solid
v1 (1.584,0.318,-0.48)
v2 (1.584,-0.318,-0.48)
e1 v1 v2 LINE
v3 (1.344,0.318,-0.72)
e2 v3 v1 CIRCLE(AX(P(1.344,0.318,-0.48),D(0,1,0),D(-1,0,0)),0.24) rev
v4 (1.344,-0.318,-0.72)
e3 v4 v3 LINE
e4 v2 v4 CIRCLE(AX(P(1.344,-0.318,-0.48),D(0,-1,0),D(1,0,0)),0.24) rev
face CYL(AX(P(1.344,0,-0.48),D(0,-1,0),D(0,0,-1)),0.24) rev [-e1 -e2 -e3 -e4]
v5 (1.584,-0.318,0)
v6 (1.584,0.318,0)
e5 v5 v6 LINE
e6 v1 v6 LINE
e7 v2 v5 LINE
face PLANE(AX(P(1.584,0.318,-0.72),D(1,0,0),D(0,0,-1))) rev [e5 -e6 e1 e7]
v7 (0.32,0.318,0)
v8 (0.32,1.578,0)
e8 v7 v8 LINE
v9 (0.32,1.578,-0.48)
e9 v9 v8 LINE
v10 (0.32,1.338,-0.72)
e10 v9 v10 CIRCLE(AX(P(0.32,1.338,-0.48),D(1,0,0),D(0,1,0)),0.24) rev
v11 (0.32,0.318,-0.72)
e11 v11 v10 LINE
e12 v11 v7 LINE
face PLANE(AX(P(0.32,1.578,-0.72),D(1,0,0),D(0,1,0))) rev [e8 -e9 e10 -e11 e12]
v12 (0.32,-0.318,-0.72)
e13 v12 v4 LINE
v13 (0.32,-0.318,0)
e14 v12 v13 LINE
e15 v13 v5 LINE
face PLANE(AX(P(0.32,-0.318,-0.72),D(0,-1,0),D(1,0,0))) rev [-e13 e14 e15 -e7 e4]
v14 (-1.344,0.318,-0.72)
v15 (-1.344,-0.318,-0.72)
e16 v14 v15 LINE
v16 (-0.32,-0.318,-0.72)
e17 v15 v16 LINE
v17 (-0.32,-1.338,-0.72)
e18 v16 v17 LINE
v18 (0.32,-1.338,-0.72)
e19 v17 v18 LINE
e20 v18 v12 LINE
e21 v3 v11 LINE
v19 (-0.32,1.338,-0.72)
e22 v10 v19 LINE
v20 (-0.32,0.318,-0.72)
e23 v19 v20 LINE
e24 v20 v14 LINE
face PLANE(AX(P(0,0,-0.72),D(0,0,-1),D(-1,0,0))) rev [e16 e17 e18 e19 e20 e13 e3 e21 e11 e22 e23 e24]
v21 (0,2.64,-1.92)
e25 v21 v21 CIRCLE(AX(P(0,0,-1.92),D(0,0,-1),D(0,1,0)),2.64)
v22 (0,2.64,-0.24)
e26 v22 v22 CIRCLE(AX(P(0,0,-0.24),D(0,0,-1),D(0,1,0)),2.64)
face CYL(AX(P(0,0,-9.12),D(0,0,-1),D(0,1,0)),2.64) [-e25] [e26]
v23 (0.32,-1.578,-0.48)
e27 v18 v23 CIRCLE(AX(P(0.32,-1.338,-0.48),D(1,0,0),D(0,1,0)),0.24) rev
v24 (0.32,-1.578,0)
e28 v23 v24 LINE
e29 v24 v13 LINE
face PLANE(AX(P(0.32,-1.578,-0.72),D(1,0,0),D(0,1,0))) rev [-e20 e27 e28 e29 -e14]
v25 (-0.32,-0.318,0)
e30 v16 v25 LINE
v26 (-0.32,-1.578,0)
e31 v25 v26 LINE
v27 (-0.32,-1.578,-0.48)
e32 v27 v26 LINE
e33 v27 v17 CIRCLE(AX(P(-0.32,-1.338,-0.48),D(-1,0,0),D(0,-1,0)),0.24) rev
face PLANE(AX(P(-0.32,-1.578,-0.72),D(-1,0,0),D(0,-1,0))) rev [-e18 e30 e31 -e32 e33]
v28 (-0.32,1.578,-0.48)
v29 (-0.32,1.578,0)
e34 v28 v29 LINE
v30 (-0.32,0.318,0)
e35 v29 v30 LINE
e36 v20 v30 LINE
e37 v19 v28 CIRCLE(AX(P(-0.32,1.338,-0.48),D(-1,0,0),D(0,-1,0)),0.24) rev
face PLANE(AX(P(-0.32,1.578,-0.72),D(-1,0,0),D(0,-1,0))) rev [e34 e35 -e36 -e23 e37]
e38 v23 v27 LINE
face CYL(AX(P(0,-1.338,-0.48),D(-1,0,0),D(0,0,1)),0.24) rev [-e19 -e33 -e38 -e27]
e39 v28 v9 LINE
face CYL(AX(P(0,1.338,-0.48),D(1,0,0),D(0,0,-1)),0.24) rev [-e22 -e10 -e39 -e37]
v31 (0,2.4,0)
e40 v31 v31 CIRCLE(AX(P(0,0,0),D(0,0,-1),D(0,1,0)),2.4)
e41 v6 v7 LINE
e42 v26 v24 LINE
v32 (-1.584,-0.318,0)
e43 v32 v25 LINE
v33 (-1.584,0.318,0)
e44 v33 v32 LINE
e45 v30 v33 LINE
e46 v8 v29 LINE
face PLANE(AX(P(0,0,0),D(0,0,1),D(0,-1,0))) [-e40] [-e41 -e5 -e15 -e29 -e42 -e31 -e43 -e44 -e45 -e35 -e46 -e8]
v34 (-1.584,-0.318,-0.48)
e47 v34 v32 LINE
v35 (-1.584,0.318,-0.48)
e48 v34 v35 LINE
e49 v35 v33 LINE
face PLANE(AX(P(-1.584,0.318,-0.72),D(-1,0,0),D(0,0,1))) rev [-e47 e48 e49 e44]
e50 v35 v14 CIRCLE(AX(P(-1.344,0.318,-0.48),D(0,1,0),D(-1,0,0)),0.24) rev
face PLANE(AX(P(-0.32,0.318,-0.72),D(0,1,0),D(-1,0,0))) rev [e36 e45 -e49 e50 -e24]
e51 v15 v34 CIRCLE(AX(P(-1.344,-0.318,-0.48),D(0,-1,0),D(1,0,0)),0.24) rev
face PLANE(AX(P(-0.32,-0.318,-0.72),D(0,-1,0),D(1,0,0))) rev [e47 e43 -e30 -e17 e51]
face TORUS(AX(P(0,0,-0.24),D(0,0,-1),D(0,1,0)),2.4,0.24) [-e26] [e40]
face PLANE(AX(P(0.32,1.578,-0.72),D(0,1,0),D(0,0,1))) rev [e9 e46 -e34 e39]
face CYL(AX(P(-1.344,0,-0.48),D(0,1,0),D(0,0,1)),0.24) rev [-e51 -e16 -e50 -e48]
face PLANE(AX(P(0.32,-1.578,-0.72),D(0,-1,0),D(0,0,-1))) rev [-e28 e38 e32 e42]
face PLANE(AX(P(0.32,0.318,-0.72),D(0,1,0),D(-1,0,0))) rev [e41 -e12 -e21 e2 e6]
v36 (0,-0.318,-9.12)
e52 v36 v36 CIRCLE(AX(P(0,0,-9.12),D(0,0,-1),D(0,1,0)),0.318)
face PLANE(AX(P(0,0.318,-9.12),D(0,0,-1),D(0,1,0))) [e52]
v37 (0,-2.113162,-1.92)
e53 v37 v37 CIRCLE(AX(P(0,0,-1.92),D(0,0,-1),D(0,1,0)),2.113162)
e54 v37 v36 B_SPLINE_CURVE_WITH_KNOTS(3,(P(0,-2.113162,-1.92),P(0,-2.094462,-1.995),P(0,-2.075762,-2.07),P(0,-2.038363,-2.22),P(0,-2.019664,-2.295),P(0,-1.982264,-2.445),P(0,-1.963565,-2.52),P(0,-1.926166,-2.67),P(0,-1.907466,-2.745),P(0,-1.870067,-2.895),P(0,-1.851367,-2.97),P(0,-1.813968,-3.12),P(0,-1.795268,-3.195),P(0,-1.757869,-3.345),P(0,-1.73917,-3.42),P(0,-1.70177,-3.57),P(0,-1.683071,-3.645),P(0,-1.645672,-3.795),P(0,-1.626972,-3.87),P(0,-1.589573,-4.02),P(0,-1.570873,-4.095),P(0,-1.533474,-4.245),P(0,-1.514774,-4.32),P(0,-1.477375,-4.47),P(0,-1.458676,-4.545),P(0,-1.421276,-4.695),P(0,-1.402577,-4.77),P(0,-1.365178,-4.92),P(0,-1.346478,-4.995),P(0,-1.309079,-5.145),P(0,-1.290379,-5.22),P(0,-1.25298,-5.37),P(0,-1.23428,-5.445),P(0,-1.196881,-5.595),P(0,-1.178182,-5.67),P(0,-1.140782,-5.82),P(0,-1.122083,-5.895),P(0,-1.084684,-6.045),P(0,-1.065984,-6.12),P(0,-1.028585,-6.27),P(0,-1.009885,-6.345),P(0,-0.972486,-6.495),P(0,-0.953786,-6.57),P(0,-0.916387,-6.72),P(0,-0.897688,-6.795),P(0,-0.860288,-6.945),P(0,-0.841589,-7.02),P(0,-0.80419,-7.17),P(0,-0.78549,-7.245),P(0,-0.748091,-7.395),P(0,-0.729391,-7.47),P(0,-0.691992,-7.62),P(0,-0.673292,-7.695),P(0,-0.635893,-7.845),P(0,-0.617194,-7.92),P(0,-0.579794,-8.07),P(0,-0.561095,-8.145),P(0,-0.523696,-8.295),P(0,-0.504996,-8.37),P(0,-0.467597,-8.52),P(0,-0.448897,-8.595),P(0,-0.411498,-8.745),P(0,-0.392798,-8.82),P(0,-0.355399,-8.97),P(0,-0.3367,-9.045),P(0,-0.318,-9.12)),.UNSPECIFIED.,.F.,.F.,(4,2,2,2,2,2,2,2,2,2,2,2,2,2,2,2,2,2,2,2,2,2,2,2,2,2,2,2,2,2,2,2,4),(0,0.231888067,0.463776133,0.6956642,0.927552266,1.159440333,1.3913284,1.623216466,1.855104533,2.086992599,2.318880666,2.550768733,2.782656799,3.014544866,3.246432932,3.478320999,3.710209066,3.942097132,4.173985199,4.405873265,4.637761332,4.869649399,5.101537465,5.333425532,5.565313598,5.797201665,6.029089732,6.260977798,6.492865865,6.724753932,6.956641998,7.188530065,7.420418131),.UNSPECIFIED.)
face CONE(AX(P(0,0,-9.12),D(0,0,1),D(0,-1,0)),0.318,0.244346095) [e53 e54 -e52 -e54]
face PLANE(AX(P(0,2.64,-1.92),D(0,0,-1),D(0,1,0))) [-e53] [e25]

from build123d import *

# Parameters (mm, degrees)
ENL_V_MAT_EXTRU_2_DEPTH = 0.72
CONG_4_R                = 0.24


with BuildPart() as part:
    # Esquisse1 → Révolution1 (revolve)
    with BuildSketch(Plane(origin=(0, 0, 0), x_dir=(0, 0, -1), z_dir=(1, 0, 0))):
        with BuildLine():
            Line((9.12, 0), (0, 0))
            Line((0, 0), (0, 2.4))
            ThreePointArc((0, 2.4), (0.070294373, 2.569705627), (0.24, 2.64))
            Line((0.24, 2.64), (1.92, 2.64))
            Line((1.92, 2.64), (1.92, 2.11316162))
            Line((1.92, 2.11316162), (9.12, 0.318))
            Line((9.12, 0.318), (9.12, 0))
        make_face()
    revolve(axis=Axis((0, 0, -9.12), (0, 0, 1)))

    # Esquisse3 → Enlèv. mat.-Extru.2 (cut)
    with BuildSketch(Plane.XY):
        Polygon((0.32, 1.578), (-0.32, 1.578), (-0.32, 0.318), (-1.584, 0.318), (-1.584, -0.318), (-0.32, -0.318), (-0.32, -1.578), (0.32, -1.578), (0.32, -0.318), (1.584, -0.318), (1.584, 0.318), (0.32, 0.318), align=None)
    extrude(amount=-ENL_V_MAT_EXTRU_2_DEPTH, mode=Mode.SUBTRACT)

    # Congé4
    cong_4_edges = [part.edges().sort_by_distance(p)[0] for p in [
        (0, -1.578, -0.72),
        (-1.584, 0, -0.72),
        (0, 1.578, -0.72),
        (1.584, 0, -0.72),
    ]]
    fillet(cong_4_edges, radius=CONG_4_R)


solid = part.part
